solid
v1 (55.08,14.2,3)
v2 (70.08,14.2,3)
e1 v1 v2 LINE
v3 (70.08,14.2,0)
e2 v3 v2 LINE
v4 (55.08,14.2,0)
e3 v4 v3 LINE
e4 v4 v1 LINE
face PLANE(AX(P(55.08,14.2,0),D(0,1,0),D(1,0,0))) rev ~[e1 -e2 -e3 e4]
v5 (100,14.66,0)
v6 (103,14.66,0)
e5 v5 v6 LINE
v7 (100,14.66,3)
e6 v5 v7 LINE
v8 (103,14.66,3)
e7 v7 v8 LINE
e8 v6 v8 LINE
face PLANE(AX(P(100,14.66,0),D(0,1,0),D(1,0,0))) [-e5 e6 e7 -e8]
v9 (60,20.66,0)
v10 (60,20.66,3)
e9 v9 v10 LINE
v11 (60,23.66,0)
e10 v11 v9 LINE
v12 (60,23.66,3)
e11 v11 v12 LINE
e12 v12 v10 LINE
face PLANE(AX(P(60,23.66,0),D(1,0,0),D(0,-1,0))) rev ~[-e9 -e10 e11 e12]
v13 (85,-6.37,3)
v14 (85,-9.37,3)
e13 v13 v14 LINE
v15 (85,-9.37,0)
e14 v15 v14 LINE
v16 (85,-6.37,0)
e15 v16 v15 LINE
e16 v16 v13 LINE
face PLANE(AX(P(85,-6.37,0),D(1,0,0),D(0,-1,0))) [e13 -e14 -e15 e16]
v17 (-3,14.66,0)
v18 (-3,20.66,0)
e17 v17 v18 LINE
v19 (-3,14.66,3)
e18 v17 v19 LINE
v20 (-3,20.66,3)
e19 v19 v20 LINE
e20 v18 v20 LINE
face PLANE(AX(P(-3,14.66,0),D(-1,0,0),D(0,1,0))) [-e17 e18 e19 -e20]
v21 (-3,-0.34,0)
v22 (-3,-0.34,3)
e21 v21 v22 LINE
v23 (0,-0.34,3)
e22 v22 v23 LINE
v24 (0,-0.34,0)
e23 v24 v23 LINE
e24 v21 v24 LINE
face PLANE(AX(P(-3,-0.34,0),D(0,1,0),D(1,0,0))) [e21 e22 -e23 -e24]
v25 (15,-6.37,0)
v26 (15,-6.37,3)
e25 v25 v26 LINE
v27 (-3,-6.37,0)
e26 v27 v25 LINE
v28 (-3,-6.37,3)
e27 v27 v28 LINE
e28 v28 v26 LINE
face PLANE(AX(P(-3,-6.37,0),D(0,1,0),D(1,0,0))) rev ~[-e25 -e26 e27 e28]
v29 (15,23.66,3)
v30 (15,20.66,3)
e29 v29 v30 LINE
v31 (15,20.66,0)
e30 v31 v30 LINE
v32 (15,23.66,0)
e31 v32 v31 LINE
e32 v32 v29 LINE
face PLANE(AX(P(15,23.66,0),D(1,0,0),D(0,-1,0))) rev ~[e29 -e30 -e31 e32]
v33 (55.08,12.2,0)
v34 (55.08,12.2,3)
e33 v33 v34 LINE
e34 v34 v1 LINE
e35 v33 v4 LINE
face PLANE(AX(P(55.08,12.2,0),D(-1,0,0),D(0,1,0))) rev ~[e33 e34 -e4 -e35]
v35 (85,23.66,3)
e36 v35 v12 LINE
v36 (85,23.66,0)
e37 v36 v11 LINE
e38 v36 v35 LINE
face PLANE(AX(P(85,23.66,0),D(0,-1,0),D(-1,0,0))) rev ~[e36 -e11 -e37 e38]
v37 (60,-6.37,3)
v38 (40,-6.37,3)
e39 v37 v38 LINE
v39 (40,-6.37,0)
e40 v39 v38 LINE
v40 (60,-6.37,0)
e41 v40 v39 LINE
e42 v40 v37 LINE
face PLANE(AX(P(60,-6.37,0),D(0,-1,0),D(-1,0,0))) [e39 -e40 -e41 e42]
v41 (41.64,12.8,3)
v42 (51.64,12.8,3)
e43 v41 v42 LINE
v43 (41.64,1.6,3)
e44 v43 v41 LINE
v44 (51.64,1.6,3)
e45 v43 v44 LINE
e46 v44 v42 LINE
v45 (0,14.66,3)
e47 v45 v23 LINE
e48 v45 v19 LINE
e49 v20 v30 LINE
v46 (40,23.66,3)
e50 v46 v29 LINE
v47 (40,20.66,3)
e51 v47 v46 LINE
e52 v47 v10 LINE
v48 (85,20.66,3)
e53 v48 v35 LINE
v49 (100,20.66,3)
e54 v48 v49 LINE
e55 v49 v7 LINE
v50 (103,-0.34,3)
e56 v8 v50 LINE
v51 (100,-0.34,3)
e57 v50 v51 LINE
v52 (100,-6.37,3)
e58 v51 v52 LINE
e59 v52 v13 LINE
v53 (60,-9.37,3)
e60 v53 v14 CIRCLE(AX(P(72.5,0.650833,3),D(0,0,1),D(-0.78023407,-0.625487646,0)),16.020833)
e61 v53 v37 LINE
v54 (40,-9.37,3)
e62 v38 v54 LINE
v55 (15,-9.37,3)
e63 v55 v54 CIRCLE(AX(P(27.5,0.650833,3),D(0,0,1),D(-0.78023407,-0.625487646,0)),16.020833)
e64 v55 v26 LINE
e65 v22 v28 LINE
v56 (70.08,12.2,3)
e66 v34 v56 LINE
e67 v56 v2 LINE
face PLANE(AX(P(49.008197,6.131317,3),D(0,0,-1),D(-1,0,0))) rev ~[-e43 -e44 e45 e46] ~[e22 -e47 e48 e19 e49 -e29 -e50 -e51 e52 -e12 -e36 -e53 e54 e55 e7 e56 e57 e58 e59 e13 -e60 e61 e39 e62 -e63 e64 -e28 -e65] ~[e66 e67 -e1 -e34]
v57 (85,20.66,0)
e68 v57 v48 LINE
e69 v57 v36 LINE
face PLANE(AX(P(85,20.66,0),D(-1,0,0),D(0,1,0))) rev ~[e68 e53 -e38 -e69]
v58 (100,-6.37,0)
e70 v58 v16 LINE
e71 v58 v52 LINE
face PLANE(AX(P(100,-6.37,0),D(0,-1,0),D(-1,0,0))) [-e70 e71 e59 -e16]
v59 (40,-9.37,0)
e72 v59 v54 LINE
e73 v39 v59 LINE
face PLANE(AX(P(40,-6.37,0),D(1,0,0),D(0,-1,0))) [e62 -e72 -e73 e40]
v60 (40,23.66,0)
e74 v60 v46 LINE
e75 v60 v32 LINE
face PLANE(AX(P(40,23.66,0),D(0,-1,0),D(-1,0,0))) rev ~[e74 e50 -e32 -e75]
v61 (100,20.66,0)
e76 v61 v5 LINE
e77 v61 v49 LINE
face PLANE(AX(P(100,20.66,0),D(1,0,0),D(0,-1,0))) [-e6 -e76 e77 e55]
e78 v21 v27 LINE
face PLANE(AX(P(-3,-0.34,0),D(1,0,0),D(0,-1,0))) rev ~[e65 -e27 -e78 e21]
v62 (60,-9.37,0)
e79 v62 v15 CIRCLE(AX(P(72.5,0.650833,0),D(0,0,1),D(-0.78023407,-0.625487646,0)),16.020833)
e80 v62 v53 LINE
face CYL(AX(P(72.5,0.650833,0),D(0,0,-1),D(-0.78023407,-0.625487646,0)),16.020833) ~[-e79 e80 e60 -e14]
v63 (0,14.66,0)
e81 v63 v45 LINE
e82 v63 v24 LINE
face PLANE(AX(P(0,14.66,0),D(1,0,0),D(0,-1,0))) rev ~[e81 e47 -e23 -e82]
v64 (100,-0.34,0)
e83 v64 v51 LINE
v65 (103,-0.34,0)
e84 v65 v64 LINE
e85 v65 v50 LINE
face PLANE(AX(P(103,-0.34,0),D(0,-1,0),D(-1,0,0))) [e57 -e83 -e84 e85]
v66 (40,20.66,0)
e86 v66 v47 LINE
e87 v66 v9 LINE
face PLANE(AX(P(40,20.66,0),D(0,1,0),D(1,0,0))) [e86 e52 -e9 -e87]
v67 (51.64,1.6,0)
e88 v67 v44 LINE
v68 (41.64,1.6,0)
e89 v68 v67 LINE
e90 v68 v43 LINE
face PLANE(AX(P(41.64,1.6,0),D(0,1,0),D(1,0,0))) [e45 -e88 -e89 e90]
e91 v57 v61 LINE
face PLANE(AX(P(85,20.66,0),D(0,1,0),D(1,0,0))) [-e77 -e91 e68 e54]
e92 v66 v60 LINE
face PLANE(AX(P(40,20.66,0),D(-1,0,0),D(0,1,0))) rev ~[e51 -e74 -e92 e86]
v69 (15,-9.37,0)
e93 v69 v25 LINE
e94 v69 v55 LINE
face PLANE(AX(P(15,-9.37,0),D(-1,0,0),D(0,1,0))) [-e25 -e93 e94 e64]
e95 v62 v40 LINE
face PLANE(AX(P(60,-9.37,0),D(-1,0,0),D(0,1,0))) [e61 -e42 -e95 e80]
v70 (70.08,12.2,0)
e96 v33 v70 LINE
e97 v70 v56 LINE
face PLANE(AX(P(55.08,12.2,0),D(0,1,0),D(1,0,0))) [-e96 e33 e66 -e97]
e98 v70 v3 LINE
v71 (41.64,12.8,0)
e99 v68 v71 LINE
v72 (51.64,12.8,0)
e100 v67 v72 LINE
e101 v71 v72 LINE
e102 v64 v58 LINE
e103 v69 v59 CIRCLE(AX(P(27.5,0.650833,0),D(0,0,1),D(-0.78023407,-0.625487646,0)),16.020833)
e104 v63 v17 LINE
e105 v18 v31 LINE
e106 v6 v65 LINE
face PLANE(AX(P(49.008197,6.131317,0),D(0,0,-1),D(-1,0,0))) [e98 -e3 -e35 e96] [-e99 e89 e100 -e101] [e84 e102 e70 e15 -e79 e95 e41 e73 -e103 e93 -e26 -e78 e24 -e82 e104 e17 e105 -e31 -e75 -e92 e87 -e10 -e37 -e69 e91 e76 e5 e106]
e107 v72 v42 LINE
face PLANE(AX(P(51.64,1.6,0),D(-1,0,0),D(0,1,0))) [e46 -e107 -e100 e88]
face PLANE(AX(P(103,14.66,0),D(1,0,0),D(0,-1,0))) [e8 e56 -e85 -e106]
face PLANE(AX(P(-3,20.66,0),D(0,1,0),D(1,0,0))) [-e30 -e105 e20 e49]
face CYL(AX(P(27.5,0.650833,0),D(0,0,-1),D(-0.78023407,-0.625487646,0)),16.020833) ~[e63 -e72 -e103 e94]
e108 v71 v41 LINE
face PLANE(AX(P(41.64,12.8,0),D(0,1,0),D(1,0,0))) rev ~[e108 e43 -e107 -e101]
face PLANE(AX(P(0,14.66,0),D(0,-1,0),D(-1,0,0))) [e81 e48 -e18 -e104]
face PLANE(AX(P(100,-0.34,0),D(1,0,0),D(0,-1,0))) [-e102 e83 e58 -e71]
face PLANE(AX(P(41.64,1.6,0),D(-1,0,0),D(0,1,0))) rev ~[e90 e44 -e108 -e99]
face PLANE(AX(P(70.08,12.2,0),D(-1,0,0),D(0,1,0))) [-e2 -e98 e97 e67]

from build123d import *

# Parameters (mm, degrees)
SKETCH_W      = 10
SKETCH_H      = 11.2
SKETCH_W_2    = 15
SKETCH_H_2    = 2
EXTRUDE_DEPTH = 3


with BuildPart() as part:
    # Sketch → Extrude (new body)
    with BuildSketch(Plane.XY):
        with BuildLine():
            Line((40, -6.37), (40, -9.37))
            ThreePointArc((15, -9.37), (27.5, -15.37), (40, -9.37))
            Line((15, -9.37), (15, -6.37))
            Line((15, -6.37), (0, -6.37))
            Line((-3, -6.37), (0, -6.37))
            Line((-3, -0.34), (-3, -6.37))
            Line((-3, -0.34), (0, -0.34))
            Line((0, 14.66), (0, -0.34))
            Line((0, 14.66), (-3, 14.66))
            Line((-3, 14.66), (-3, 20.66))
            Line((-3, 20.66), (0, 20.66))
            Line((0, 20.66), (15, 20.66))
            Line((15, 23.66), (15, 20.66))
            Line((40, 23.66), (15, 23.66))
            Line((40, 20.66), (40, 23.66))
            Line((40, 20.66), (60, 20.66))
            Line((60, 23.66), (60, 20.66))
            Line((85, 23.66), (60, 23.66))
            Line((85, 20.66), (85, 23.66))
            Line((85, 20.66), (100, 20.66))
            Line((100, 20.66), (100, 14.66))
            Line((100, 14.66), (103, 14.66))
            Line((103, 14.66), (103, -0.34))
            Line((103, -0.34), (100, -0.34))
            Line((100, -0.34), (100, -6.37))
            Line((100, -6.37), (85, -6.37))
            Line((85, -6.37), (85, -9.37))
            ThreePointArc((60, -9.37), (72.5, -15.37), (85, -9.37))
            Line((60, -9.37), (60, -6.37))
            Line((60, -6.37), (40, -6.37))
        make_face()
        with Locations((46.64, 7.2)):
            Rectangle(SKETCH_W, SKETCH_H, mode=Mode.SUBTRACT)
        with Locations((62.58, 13.2)):
            Rectangle(SKETCH_W_2, SKETCH_H_2, mode=Mode.SUBTRACT)
    extrude(amount=EXTRUDE_DEPTH)


solid = part.part
